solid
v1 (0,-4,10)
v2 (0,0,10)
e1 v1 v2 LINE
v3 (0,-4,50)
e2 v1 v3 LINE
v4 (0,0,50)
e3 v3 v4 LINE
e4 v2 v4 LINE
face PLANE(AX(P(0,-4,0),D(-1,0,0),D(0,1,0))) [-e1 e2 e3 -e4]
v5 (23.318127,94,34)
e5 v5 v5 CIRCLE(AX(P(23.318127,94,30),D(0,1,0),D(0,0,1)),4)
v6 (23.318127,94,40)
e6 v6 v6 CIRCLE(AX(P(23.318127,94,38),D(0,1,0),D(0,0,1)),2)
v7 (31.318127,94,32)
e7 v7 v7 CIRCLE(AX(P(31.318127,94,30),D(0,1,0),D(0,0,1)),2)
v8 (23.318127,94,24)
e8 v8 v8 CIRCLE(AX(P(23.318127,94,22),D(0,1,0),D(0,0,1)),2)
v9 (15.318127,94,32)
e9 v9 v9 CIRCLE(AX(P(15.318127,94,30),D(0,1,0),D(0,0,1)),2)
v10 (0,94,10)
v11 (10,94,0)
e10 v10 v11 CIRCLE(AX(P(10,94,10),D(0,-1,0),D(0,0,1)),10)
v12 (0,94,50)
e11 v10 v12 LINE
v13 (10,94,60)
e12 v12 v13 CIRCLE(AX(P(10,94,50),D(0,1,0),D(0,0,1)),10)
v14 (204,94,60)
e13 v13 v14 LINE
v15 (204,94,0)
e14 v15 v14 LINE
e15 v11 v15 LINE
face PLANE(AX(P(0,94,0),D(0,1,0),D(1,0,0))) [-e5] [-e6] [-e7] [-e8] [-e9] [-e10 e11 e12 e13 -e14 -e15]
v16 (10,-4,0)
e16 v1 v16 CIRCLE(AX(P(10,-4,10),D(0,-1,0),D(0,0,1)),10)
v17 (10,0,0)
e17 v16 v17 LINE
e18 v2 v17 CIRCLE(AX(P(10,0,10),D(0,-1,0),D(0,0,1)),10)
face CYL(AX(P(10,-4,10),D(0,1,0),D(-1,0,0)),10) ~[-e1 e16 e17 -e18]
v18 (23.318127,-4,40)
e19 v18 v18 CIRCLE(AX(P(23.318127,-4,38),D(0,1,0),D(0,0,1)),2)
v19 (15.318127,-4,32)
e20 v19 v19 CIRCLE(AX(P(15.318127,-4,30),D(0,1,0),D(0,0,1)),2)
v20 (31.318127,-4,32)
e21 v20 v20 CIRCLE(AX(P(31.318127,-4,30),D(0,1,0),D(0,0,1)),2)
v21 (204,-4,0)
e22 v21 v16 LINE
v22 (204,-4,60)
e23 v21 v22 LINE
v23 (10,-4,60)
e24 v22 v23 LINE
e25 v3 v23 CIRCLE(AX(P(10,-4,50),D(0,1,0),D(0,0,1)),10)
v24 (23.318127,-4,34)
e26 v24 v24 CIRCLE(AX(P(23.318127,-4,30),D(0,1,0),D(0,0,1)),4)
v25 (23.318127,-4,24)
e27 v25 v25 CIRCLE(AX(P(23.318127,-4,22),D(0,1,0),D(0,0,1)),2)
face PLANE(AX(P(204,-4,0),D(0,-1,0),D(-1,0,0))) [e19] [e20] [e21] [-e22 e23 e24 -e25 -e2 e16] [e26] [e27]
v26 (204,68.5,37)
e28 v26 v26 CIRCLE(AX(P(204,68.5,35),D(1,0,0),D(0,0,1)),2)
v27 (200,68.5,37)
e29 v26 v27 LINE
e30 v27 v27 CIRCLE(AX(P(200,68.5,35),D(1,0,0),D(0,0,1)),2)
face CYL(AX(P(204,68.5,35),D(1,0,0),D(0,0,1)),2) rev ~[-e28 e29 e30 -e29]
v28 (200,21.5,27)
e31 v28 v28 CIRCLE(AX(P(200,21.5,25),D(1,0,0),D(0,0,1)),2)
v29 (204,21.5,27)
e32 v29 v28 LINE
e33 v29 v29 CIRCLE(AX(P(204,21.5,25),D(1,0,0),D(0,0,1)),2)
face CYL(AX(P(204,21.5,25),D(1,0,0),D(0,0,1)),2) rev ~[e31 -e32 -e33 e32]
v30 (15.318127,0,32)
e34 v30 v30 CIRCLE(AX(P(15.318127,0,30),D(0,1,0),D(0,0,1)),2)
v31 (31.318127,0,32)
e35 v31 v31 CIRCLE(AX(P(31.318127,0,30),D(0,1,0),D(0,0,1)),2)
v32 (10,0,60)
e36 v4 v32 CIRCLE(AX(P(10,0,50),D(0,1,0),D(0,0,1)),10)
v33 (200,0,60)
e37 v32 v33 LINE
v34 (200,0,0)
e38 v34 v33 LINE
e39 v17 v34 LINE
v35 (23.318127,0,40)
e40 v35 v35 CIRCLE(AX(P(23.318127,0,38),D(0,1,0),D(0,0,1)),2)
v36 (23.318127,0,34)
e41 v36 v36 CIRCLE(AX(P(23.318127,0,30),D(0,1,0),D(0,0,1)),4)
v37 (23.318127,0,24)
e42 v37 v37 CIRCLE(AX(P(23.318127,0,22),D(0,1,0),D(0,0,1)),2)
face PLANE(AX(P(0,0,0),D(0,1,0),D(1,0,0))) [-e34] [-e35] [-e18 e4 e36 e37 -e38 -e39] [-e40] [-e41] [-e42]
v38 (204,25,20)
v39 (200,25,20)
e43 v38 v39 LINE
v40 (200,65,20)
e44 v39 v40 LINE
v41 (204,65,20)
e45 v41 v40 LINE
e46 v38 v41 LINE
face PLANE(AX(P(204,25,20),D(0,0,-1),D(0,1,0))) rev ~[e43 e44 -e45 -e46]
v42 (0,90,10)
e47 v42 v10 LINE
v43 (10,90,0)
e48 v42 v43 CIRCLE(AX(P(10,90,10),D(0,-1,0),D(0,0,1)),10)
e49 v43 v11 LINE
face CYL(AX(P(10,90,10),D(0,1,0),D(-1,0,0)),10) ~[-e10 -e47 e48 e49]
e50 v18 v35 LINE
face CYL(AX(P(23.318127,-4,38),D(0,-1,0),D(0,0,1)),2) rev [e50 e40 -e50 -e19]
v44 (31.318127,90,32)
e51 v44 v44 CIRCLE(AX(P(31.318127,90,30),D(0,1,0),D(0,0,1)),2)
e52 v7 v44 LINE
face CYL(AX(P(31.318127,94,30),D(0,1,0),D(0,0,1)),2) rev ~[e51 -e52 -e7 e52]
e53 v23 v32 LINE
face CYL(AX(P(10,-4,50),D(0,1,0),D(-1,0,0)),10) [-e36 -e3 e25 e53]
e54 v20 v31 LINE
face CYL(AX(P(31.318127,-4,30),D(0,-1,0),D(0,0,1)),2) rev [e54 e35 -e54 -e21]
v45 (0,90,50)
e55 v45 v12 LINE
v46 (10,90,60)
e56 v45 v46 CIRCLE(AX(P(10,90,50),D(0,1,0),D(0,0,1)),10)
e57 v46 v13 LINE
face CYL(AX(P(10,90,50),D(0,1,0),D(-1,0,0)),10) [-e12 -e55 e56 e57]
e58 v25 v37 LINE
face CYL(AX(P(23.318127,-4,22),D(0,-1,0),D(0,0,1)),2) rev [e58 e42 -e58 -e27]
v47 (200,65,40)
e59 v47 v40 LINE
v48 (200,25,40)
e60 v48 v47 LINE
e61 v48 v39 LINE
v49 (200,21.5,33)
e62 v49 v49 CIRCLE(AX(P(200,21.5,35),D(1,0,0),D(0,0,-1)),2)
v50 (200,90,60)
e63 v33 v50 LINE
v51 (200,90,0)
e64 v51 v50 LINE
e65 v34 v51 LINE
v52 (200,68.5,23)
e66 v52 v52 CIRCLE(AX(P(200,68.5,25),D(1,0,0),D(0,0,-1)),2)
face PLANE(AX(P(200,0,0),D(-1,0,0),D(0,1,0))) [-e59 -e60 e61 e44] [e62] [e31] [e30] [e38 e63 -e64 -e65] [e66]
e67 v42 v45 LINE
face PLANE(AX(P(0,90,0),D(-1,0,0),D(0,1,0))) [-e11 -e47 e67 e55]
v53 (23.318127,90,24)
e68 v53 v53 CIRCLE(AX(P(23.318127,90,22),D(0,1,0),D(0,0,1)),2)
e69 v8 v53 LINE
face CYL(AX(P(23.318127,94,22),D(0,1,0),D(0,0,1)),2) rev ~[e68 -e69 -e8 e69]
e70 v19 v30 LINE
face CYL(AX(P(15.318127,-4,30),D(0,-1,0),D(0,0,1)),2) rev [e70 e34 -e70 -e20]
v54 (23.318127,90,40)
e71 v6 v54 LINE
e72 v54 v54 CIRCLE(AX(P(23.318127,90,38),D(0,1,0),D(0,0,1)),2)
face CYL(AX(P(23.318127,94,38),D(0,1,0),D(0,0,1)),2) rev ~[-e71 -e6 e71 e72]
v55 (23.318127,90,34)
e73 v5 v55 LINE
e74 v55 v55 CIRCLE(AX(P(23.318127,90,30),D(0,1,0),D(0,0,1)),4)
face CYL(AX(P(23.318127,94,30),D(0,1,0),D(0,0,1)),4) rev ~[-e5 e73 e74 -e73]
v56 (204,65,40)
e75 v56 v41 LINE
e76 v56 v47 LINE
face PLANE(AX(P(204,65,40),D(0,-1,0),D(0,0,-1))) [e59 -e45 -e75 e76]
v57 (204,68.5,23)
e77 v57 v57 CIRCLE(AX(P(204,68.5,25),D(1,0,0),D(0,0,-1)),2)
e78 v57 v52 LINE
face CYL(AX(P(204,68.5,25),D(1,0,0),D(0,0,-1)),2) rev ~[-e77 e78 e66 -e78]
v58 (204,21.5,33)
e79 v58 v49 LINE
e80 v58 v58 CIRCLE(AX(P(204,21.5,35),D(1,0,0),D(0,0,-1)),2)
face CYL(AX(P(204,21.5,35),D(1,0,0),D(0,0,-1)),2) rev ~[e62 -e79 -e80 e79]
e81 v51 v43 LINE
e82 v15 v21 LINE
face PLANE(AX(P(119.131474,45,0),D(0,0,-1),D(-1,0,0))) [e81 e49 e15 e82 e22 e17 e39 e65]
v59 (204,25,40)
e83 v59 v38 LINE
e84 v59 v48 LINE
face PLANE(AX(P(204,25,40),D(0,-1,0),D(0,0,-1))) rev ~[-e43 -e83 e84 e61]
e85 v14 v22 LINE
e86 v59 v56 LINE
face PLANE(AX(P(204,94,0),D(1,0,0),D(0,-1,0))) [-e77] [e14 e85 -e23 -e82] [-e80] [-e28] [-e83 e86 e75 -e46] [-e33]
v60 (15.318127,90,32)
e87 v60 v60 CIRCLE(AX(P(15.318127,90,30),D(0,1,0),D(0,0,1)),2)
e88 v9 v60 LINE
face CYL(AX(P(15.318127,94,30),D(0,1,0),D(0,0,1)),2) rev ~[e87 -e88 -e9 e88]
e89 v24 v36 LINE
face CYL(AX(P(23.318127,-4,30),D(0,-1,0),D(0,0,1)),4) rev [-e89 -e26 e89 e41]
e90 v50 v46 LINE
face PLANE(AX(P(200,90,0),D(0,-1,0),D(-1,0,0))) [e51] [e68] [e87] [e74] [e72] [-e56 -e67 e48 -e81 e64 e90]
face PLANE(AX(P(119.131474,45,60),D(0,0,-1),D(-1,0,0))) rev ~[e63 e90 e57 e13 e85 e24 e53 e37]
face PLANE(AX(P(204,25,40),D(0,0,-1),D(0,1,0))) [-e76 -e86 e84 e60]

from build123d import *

# Parameters (mm, degrees)
EKSTR_ZYON_NCE1_DEPTH = 60
RADYUS1_R             = 10
KES_EKSTR_ZYON1_REACH = 236.137
IZIM2_R               = 4
IZIM2_R_2             = 2
KES_EKSTR_ZYON2_REACH = 234.491
IZIM3_R               = 2
IZIM3_W               = 20
IZIM3_H               = 40


with BuildPart() as part:
    # Çizim1 → Ekstrüzyon-İnce1 (new body)
    with BuildSketch(Plane.XY):
        Polygon((0, 0), (200, 0), (200, 90), (0, 90), (0, 94), (204, 94), (204, -4), (0, -4), align=None)
    extrude(amount=EKSTR_ZYON_NCE1_DEPTH)

    # Radyus1
    radyus1_edges = [part.edges().sort_by_distance(p)[0] for p in [
        (0, -2, 60),
        (0, 92, 60),
        (0, -2, 0),
        (0, 92, 0),
    ]]
    fillet(radyus1_edges, radius=RADYUS1_R)

    # Çizim2 → Kes-Ekstrüzyon1 (cut, up to next)
    with BuildSketch(Plane(origin=(0, 94, 0), x_dir=(1, 0, 0), z_dir=(0, 1, 0)), mode=Mode.PRIVATE) as kes_ekstr_zyon1_sk1:
        with Locations(Location((23.318126504, -30, 0), (0, 0, 270))):
            Circle(IZIM2_R)
    kes_ekstr_zyon1_tool1 = extrude(kes_ekstr_zyon1_sk1.sketch, amount=-KES_EKSTR_ZYON1_REACH, mode=Mode.PRIVATE) & part.part
    # Çizim2 → Kes-Ekstrüzyon1 (cut, up to next)
    with BuildSketch(Plane(origin=(0, 94, 0), x_dir=(1, 0, 0), z_dir=(0, 1, 0)), mode=Mode.PRIVATE) as kes_ekstr_zyon1_sk2:
        with Locations(Location((23.318126504, -22, 0), (0, 0, 270))):
            Circle(IZIM2_R_2)
    kes_ekstr_zyon1_tool2 = extrude(kes_ekstr_zyon1_sk2.sketch, amount=-KES_EKSTR_ZYON1_REACH, mode=Mode.PRIVATE) & part.part
    # Çizim2 → Kes-Ekstrüzyon1 (cut, up to next)
    with BuildSketch(Plane(origin=(0, 94, 0), x_dir=(1, 0, 0), z_dir=(0, 1, 0)), mode=Mode.PRIVATE) as kes_ekstr_zyon1_sk3:
        with Locations(Location((23.318126504, -38, 0), (0, 0, 270))):
            Circle(IZIM2_R_2)
    kes_ekstr_zyon1_tool3 = extrude(kes_ekstr_zyon1_sk3.sketch, amount=-KES_EKSTR_ZYON1_REACH, mode=Mode.PRIVATE) & part.part
    # Çizim2 → Kes-Ekstrüzyon1 (cut, up to next)
    with BuildSketch(Plane(origin=(0, 94, 0), x_dir=(1, 0, 0), z_dir=(0, 1, 0)), mode=Mode.PRIVATE) as kes_ekstr_zyon1_sk4:
        with Locations(Location((31.318126504, -30, 0), (0, 0, 270))):
            Circle(IZIM2_R_2)
    kes_ekstr_zyon1_tool4 = extrude(kes_ekstr_zyon1_sk4.sketch, amount=-KES_EKSTR_ZYON1_REACH, mode=Mode.PRIVATE) & part.part
    # Çizim2 → Kes-Ekstrüzyon1 (cut, up to next)
    with BuildSketch(Plane(origin=(0, 94, 0), x_dir=(1, 0, 0), z_dir=(0, 1, 0)), mode=Mode.PRIVATE) as kes_ekstr_zyon1_sk5:
        with Locations(Location((15.318126504, -30, 0), (0, 0, 270))):
            Circle(IZIM2_R_2)
    kes_ekstr_zyon1_tool5 = extrude(kes_ekstr_zyon1_sk5.sketch, amount=-KES_EKSTR_ZYON1_REACH, mode=Mode.PRIVATE) & part.part
    kes_ekstr_zyon1_1 = kes_ekstr_zyon1_tool1.solids().sort_by_distance((23.318127, 94, 30))[0]
    add(kes_ekstr_zyon1_1, mode=Mode.SUBTRACT)
    kes_ekstr_zyon1_2 = kes_ekstr_zyon1_tool2.solids().sort_by_distance((23.318127, 94, 22))[0]
    add(kes_ekstr_zyon1_2, mode=Mode.SUBTRACT)
    kes_ekstr_zyon1_3 = kes_ekstr_zyon1_tool3.solids().sort_by_distance((23.318127, 94, 38))[0]
    add(kes_ekstr_zyon1_3, mode=Mode.SUBTRACT)
    kes_ekstr_zyon1_4 = kes_ekstr_zyon1_tool4.solids().sort_by_distance((31.318127, 94, 30))[0]
    add(kes_ekstr_zyon1_4, mode=Mode.SUBTRACT)
    kes_ekstr_zyon1_5 = kes_ekstr_zyon1_tool5.solids().sort_by_distance((15.318127, 94, 30))[0]
    add(kes_ekstr_zyon1_5, mode=Mode.SUBTRACT)
    kes_ekstr_zyon1 = kes_ekstr_zyon1_1 + kes_ekstr_zyon1_2 + kes_ekstr_zyon1_3 + kes_ekstr_zyon1_4 + kes_ekstr_zyon1_5  # Kes-Ekstrüzyon1 as one shape, for the pattern or mirror that repeats it

    # Aynalama1: Kes-Ekstrüzyon1 across plane
    add(kes_ekstr_zyon1.mirror(Plane.ZX.offset(45)), mode=Mode.SUBTRACT)

    # Çizim3 → Kes-Ekstrüzyon2 (cut, up to next)
    with BuildSketch(Plane(origin=(204, 0, 0), x_dir=(0, 0, -1), z_dir=(1, 0, 0)), mode=Mode.PRIVATE) as kes_ekstr_zyon2_sk1:
        with Locations((-25, 68.5)):
            Circle(IZIM3_R)
    kes_ekstr_zyon2_tool1 = extrude(kes_ekstr_zyon2_sk1.sketch, amount=-KES_EKSTR_ZYON2_REACH, mode=Mode.PRIVATE) & part.part
    # Çizim3 → Kes-Ekstrüzyon2 (cut, up to next)
    with BuildSketch(Plane(origin=(204, 0, 0), x_dir=(0, 0, -1), z_dir=(1, 0, 0)), mode=Mode.PRIVATE) as kes_ekstr_zyon2_sk2:
        with Locations(Location((-35, 68.5, 0), (0, 0, 180))):
            Circle(IZIM3_R)
    kes_ekstr_zyon2_tool2 = extrude(kes_ekstr_zyon2_sk2.sketch, amount=-KES_EKSTR_ZYON2_REACH, mode=Mode.PRIVATE) & part.part
    # Çizim3 → Kes-Ekstrüzyon2 (cut, up to next)
    with BuildSketch(Plane(origin=(204, 0, 0), x_dir=(0, 0, -1), z_dir=(1, 0, 0)), mode=Mode.PRIVATE) as kes_ekstr_zyon2_sk3:
        with Locations(Location((-25, 21.5, 0), (0, 0, 180))):
            Circle(IZIM3_R)
    kes_ekstr_zyon2_tool3 = extrude(kes_ekstr_zyon2_sk3.sketch, amount=-KES_EKSTR_ZYON2_REACH, mode=Mode.PRIVATE) & part.part
    # Çizim3 → Kes-Ekstrüzyon2 (cut, up to next)
    with BuildSketch(Plane(origin=(204, 0, 0), x_dir=(0, 0, -1), z_dir=(1, 0, 0)), mode=Mode.PRIVATE) as kes_ekstr_zyon2_sk4:
        with Locations((-35, 21.5)):
            Circle(IZIM3_R)
    kes_ekstr_zyon2_tool4 = extrude(kes_ekstr_zyon2_sk4.sketch, amount=-KES_EKSTR_ZYON2_REACH, mode=Mode.PRIVATE) & part.part
    # Çizim3 → Kes-Ekstrüzyon2 (cut, up to next)
    with BuildSketch(Plane(origin=(204, 0, 0), x_dir=(0, 0, -1), z_dir=(1, 0, 0)), mode=Mode.PRIVATE) as kes_ekstr_zyon2_sk5:
        with Locations((-30, 45)):
            Rectangle(IZIM3_W, IZIM3_H)
    kes_ekstr_zyon2_tool5 = extrude(kes_ekstr_zyon2_sk5.sketch, amount=-KES_EKSTR_ZYON2_REACH, mode=Mode.PRIVATE) & part.part
    add(kes_ekstr_zyon2_tool1.solids().sort_by_distance((204, 68.5, 25))[0], mode=Mode.SUBTRACT)
    add(kes_ekstr_zyon2_tool2.solids().sort_by_distance((204, 68.5, 35))[0], mode=Mode.SUBTRACT)
    add(kes_ekstr_zyon2_tool3.solids().sort_by_distance((204, 21.5, 25))[0], mode=Mode.SUBTRACT)
    add(kes_ekstr_zyon2_tool4.solids().sort_by_distance((204, 21.5, 35))[0], mode=Mode.SUBTRACT)
    add(kes_ekstr_zyon2_tool5.solids().sort_by_distance((204, 45, 30))[0], mode=Mode.SUBTRACT)


solid = part.part
